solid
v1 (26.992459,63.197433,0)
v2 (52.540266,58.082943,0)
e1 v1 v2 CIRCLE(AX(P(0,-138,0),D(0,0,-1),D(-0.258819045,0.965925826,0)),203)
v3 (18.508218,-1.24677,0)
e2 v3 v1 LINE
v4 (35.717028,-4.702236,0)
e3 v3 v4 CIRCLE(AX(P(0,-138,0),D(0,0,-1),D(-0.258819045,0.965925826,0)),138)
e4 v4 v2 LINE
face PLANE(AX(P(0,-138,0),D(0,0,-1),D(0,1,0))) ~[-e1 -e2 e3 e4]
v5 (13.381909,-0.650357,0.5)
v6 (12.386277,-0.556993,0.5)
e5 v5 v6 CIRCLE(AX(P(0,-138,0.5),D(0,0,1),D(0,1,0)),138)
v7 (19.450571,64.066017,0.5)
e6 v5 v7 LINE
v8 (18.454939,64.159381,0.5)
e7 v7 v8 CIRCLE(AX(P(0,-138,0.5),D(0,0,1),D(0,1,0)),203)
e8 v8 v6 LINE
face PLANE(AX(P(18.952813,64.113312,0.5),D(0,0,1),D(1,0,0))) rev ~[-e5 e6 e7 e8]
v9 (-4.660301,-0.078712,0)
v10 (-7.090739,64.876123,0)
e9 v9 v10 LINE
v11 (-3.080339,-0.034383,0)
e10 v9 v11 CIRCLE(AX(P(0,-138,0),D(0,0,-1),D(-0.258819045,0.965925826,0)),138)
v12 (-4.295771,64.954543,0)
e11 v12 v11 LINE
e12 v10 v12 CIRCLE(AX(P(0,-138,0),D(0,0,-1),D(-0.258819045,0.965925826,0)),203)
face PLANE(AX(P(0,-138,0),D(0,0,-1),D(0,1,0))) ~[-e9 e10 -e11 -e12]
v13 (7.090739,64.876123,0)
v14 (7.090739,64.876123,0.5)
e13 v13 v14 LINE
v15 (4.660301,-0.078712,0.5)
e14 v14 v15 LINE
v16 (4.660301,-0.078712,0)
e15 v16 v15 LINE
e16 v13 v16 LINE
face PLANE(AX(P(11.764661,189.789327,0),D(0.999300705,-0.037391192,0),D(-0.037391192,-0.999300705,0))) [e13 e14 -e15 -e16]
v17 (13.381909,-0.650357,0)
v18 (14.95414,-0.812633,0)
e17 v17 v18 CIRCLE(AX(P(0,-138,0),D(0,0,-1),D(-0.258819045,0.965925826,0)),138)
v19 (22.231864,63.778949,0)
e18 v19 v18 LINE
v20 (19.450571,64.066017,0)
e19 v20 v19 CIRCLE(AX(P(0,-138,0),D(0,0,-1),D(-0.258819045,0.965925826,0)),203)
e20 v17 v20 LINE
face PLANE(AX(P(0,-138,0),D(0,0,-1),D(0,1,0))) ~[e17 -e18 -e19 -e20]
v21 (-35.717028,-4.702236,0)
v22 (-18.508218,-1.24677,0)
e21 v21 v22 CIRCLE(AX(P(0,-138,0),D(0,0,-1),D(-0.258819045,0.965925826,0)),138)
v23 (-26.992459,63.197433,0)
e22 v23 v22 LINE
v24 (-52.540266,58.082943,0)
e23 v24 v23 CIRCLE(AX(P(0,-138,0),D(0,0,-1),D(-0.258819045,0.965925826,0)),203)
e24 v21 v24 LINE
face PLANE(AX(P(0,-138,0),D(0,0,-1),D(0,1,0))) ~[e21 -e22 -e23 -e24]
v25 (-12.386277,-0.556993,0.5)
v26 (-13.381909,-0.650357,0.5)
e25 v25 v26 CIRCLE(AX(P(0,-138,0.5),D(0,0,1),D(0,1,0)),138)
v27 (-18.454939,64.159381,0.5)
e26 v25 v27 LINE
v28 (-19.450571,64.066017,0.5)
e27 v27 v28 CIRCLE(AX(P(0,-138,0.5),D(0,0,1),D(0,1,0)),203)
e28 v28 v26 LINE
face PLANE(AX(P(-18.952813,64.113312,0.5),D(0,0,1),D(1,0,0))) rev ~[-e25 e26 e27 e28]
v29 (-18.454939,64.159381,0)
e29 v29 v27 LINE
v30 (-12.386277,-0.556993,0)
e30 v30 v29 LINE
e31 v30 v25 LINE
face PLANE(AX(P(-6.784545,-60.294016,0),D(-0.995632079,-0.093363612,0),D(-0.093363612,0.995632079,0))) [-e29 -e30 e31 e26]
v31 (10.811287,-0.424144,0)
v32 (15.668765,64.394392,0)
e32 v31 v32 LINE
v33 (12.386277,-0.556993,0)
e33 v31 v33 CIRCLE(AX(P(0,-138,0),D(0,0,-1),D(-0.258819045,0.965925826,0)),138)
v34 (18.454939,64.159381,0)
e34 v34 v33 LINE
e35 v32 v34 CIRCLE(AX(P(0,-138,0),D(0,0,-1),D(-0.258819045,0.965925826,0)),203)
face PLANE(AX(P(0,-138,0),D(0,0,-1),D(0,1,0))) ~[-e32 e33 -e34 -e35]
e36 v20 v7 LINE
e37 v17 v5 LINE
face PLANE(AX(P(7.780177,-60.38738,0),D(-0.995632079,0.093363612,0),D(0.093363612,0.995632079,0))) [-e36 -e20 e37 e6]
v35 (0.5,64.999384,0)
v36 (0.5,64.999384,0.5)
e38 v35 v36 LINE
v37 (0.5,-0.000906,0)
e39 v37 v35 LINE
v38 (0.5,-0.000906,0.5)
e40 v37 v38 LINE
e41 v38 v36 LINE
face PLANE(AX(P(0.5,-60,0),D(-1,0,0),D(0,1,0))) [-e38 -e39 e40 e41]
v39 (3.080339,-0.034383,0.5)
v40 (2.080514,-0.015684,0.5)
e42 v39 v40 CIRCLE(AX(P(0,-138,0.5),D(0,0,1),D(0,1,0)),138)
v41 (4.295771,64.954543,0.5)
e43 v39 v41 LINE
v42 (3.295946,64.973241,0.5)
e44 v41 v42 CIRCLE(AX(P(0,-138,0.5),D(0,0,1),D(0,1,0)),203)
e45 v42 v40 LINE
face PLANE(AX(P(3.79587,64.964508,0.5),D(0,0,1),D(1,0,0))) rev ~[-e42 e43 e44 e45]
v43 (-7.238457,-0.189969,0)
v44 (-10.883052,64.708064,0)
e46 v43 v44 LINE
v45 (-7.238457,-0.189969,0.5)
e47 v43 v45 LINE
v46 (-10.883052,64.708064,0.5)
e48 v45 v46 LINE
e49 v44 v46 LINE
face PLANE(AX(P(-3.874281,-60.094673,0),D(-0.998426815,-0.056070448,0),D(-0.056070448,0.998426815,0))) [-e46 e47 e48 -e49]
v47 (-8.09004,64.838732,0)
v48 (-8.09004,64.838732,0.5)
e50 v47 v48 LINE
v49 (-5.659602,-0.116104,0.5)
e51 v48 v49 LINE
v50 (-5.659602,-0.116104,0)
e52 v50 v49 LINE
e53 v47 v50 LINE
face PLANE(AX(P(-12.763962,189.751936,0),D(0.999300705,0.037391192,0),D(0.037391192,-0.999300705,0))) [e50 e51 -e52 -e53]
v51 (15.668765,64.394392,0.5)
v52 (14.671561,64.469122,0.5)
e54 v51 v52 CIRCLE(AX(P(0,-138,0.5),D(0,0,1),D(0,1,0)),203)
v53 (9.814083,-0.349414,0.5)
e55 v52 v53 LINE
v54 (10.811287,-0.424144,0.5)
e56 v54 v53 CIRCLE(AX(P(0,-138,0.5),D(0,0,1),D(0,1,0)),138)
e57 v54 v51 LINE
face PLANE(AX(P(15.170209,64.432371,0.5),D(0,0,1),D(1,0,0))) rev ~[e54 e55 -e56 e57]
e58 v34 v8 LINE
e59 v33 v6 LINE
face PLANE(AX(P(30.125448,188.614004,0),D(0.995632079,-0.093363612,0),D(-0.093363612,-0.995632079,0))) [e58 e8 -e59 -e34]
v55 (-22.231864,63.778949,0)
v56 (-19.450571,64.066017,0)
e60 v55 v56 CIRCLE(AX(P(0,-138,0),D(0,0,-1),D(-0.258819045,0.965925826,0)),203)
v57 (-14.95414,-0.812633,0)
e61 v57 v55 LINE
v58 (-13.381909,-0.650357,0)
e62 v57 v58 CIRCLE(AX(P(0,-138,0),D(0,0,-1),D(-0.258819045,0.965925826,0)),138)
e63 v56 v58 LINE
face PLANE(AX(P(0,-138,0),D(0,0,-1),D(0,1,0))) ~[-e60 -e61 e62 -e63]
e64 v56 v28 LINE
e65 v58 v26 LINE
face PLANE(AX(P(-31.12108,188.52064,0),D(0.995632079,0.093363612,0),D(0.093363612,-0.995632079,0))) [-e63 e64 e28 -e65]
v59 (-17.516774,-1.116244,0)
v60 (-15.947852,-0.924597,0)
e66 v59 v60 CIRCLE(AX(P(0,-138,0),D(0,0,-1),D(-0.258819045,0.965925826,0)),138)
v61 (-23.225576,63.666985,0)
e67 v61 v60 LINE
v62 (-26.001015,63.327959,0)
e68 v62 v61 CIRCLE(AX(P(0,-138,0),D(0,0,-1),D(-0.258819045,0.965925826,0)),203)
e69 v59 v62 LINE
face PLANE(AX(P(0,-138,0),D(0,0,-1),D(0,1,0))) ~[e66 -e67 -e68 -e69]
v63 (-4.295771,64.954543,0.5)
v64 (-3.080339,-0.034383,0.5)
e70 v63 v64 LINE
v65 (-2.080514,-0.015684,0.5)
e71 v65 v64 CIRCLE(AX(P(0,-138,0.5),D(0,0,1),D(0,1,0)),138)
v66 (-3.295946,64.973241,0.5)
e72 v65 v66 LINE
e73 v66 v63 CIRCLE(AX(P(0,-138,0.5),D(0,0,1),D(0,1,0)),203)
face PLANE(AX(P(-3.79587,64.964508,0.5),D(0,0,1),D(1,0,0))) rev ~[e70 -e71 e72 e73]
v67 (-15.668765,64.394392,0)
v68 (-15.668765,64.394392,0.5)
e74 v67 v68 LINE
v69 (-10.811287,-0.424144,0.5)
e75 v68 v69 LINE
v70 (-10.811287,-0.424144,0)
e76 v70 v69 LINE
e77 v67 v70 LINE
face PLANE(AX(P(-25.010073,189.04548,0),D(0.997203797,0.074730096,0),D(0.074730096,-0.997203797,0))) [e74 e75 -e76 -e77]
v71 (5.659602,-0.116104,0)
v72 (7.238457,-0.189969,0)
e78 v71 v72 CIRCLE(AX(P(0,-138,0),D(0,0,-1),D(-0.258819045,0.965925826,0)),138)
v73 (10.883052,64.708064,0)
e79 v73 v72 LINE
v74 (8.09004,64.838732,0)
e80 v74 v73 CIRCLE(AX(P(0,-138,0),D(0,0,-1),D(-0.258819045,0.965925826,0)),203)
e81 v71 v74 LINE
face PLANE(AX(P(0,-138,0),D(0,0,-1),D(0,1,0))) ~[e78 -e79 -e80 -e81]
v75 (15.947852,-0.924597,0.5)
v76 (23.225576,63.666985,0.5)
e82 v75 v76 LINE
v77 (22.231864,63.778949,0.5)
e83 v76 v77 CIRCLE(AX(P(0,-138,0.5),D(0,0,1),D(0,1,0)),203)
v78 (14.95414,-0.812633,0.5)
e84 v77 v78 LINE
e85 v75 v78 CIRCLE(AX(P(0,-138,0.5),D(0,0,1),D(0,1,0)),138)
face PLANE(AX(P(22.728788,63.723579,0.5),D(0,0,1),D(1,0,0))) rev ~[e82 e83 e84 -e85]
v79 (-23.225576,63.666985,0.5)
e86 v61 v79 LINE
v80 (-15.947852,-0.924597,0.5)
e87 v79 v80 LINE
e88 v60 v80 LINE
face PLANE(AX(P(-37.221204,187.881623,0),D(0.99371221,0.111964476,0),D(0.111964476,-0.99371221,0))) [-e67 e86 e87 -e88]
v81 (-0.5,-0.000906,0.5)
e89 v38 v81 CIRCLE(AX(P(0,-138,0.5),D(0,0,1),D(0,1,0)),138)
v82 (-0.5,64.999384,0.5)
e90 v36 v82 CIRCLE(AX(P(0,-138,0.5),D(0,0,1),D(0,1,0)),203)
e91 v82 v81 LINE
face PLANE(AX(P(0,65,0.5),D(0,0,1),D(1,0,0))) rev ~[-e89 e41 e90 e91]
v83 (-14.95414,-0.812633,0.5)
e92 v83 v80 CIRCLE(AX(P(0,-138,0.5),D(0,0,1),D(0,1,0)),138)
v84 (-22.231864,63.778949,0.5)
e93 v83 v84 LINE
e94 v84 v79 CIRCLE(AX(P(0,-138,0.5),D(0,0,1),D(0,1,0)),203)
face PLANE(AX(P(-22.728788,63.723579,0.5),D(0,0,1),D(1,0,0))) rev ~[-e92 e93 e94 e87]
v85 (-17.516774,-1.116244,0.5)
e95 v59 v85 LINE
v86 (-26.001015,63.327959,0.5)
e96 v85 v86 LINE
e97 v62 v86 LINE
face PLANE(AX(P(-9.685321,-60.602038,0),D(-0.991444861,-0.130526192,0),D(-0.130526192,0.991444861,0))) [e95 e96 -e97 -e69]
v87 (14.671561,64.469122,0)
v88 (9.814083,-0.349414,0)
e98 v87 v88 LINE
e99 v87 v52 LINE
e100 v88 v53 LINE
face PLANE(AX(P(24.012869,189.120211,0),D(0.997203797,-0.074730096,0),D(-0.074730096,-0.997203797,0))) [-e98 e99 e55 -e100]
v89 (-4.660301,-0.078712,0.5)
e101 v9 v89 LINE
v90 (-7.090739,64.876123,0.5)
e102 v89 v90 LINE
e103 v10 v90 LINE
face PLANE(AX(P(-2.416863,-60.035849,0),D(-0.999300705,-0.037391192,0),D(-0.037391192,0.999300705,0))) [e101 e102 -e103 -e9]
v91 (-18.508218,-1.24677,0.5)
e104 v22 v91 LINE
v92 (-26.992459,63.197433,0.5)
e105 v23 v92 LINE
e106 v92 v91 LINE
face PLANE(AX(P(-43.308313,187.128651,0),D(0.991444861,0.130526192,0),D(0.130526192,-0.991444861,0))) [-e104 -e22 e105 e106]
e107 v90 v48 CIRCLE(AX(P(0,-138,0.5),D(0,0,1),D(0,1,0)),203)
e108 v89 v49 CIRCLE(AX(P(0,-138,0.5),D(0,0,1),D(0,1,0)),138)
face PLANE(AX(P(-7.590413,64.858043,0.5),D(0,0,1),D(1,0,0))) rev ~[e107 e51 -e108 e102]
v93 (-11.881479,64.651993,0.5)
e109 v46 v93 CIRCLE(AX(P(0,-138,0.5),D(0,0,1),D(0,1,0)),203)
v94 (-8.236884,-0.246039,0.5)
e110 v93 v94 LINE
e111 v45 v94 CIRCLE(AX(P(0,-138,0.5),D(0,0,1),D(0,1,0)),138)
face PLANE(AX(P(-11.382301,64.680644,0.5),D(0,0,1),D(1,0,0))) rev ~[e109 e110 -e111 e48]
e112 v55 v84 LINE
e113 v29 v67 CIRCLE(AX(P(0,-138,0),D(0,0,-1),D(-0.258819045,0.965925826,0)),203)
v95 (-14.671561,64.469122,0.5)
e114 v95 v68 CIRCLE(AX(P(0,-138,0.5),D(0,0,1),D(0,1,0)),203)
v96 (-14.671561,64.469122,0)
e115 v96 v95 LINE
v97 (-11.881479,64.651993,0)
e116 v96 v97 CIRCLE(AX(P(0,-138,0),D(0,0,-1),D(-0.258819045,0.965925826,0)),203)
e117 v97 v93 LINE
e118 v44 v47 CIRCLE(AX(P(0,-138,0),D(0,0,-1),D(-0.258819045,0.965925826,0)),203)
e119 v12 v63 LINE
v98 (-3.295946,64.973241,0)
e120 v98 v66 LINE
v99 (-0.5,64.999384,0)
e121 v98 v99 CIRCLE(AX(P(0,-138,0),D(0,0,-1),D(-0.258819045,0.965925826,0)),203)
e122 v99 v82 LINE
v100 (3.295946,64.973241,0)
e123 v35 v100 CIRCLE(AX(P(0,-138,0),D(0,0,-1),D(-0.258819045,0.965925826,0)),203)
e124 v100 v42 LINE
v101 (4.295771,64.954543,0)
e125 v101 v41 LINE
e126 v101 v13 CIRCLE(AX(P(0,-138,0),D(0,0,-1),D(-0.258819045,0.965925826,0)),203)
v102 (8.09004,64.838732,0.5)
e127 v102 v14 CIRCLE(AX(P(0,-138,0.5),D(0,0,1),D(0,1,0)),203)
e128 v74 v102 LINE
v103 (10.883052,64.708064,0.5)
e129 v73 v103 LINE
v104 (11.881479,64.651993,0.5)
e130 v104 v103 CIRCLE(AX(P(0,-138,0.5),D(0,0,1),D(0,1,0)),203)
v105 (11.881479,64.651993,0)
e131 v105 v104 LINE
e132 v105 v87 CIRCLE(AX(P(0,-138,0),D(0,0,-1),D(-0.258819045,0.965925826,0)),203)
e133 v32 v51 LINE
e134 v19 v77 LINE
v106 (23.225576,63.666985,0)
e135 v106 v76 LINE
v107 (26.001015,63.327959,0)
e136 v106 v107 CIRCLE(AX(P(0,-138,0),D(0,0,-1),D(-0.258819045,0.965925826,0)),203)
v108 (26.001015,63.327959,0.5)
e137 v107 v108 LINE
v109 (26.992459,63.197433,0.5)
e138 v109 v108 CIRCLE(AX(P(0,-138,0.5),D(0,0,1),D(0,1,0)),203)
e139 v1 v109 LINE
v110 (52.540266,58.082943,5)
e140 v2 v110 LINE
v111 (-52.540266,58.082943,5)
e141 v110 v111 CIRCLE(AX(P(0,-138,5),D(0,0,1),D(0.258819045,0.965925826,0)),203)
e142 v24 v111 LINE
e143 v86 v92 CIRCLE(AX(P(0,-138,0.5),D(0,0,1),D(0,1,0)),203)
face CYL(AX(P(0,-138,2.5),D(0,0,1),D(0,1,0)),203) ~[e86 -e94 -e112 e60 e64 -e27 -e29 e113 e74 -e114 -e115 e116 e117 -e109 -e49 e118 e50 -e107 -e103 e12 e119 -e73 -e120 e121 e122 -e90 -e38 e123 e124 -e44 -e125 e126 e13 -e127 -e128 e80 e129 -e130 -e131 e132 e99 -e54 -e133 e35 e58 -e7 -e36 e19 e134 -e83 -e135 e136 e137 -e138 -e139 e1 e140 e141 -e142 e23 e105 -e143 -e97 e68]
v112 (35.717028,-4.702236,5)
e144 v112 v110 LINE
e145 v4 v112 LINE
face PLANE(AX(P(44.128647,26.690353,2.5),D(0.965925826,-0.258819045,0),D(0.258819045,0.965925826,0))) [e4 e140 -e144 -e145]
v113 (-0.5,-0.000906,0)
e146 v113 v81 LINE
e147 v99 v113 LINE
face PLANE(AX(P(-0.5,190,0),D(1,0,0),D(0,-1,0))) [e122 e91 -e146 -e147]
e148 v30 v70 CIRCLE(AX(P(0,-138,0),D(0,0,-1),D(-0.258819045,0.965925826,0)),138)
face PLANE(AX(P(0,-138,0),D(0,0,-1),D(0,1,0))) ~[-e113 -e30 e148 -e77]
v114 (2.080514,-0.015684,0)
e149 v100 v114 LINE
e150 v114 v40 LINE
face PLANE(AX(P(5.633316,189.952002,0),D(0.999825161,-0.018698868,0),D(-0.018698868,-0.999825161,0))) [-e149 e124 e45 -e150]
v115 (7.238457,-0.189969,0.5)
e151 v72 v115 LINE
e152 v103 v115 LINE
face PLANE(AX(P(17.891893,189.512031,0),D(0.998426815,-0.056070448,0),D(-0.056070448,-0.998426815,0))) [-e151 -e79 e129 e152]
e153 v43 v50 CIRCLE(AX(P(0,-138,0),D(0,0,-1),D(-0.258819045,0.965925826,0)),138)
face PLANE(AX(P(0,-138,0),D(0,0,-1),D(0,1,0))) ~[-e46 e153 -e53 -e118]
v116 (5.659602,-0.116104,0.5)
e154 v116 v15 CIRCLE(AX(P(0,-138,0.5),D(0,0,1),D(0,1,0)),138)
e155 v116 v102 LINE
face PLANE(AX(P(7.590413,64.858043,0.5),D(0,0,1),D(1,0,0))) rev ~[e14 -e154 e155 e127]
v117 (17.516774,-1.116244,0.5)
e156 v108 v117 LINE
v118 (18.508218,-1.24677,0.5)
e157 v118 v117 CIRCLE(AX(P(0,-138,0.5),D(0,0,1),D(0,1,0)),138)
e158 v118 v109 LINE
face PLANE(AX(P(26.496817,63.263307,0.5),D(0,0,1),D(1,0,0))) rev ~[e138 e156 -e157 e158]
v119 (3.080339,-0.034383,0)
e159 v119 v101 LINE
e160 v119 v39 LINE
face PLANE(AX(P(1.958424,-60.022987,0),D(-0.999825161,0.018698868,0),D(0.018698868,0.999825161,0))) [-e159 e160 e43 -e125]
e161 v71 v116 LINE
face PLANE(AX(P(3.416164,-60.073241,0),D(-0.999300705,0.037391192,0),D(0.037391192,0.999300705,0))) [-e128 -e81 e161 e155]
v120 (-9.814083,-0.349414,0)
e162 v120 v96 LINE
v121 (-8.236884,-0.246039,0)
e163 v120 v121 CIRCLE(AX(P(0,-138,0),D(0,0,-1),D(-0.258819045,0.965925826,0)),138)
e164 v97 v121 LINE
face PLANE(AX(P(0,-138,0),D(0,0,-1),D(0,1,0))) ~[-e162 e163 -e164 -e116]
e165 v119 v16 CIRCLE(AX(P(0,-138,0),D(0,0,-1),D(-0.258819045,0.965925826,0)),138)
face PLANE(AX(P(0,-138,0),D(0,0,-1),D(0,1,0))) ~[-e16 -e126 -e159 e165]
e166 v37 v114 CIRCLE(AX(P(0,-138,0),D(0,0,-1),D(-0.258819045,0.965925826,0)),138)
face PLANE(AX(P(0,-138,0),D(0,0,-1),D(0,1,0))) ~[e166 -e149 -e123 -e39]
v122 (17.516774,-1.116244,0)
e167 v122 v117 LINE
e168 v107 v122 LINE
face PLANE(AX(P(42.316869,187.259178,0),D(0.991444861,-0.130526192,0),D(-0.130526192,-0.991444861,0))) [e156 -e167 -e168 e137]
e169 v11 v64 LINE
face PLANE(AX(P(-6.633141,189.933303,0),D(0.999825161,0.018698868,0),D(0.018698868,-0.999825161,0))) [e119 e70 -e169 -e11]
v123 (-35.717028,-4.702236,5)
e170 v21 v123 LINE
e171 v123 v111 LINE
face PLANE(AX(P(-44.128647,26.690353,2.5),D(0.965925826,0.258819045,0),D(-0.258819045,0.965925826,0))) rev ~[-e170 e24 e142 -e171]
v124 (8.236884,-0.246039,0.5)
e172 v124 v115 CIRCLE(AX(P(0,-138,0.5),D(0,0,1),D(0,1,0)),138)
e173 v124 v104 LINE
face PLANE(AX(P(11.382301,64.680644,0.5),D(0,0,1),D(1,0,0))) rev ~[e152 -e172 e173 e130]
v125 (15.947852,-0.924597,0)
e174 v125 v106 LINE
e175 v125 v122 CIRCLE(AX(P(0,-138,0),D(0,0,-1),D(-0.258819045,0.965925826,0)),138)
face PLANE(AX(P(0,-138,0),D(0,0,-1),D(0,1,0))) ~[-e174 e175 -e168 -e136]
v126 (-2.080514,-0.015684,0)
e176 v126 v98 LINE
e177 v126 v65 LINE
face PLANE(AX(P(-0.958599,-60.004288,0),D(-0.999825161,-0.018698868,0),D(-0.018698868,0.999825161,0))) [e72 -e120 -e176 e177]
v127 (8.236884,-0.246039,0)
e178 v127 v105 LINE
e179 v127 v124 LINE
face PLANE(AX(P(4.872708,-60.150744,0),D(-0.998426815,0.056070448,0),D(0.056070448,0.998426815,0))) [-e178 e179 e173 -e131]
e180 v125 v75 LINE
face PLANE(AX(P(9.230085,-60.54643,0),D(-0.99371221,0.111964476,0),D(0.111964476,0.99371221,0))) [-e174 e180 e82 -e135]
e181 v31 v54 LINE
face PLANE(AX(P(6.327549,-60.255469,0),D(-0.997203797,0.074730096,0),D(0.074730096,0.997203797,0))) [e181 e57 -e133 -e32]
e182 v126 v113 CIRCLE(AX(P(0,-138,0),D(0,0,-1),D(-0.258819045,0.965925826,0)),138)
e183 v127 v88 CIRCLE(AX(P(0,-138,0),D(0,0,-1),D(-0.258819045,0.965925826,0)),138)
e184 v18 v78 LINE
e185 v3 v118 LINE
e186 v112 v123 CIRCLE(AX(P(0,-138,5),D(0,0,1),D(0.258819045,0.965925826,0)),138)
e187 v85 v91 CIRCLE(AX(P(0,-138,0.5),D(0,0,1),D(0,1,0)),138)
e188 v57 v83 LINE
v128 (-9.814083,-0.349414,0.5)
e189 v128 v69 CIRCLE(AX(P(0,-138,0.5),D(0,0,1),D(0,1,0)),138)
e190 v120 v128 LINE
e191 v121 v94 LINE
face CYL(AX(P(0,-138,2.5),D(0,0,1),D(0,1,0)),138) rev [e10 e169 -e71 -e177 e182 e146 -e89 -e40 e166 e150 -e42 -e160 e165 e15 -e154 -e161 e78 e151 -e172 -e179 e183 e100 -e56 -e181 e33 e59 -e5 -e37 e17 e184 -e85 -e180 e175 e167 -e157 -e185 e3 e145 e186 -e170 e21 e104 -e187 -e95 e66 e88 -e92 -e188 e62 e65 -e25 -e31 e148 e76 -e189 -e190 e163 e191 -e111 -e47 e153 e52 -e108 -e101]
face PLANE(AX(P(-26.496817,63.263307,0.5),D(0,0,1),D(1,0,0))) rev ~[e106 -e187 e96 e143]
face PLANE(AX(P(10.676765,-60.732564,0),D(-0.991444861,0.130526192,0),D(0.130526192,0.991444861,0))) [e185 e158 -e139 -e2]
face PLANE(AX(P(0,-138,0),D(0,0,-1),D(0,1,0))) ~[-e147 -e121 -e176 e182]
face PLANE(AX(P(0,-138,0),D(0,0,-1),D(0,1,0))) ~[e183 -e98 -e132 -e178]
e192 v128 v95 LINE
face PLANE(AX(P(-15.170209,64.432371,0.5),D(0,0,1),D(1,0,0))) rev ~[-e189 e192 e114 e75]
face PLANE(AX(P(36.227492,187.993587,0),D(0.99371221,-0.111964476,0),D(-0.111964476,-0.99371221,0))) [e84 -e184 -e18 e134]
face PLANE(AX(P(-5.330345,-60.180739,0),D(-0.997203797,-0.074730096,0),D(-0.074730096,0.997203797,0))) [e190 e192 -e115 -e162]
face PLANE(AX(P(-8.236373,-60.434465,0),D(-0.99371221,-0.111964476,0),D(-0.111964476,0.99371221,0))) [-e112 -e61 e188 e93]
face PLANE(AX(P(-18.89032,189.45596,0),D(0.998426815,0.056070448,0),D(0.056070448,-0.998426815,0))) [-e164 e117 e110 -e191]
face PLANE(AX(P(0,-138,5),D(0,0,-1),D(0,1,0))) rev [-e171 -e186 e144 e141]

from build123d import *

# Parameters (mm, degrees)
F0_W     = 65
F0_H     = 5
F1_ANGLE = 30
F3_DEPTH = 0.5


with BuildPart() as f1:
    # F0 (on Right) → F1 (revolve, symmetric)
    with BuildSketch(Plane.YZ) as f1_sk:
        with Locations((32.5, 2.5)):
            Rectangle(F0_W, F0_H)
    revolve(axis=Axis((0, -138, 15.424587), (0, 0, 1)), revolution_arc=F1_ANGLE / 2)
    revolve(f1_sk.sketch, axis=Axis((0, -138, 15.424587), (0, 0, -1)), revolution_arc=F1_ANGLE / 2)

    # F2 (on Top) → F3 (cut)
    with BuildSketch(Plane.XY):
        Polygon((-10.676765, -60.732564), (-10.181043, -60.667301), (-9.685321, -60.602038), (-42.316869, 187.259178), (-43.308313, 187.128651), align=None)
        Polygon((9.685321, -60.602038), (10.181043, -60.667301), (10.676765, -60.732564), (43.308313, 187.128651), (42.316869, 187.259178), align=None)
        Polygon((-9.230085, -60.54643), (-8.733229, -60.490448), (-8.236373, -60.434465), (-36.227492, 187.993587), (-37.221204, 187.881623), align=None)
        Polygon((-7.780177, -60.38738), (-7.282361, -60.340698), (-6.784545, -60.294016), (-30.125448, 188.614004), (-31.12108, 188.52064), align=None)
        Polygon((-6.327549, -60.255469), (-5.828947, -60.218104), (-5.330345, -60.180739), (-24.012869, 189.120211), (-25.010073, 189.04548), align=None)
        Polygon((-4.872708, -60.150744), (-4.373495, -60.122708), (-3.874281, -60.094673), (-17.891893, 189.512031), (-18.89032, 189.45596), align=None)
        Polygon((-3.416164, -60.073241), (-2.916513, -60.054545), (-2.416863, -60.035849), (-11.764661, 189.789327), (-12.763962, 189.751936), align=None)
        Polygon((-1.958424, -60.022987), (-1.458512, -60.013637), (-0.958599, -60.004288), (-5.633316, 189.952002), (-6.633141, 189.933303), align=None)
        Polygon((-0.5, -60), (0, -60), (0.5, -60), (0.5, 190), (-0.5, 190), align=None)
        Polygon((0.958599, -60.004288), (1.458512, -60.013637), (1.958424, -60.022987), (6.633141, 189.933303), (5.633316, 189.952002), align=None)
        Polygon((2.416863, -60.035849), (2.916513, -60.054545), (3.416164, -60.073241), (12.763962, 189.751936), (11.764661, 189.789327), align=None)
        Polygon((3.874281, -60.094673), (4.373495, -60.122708), (4.872708, -60.150744), (18.89032, 189.45596), (17.891893, 189.512031), align=None)
        Polygon((5.330345, -60.180739), (5.828947, -60.218104), (6.327549, -60.255469), (25.010073, 189.04548), (24.012869, 189.120211), align=None)
        Polygon((6.784545, -60.294016), (7.282361, -60.340698), (7.780177, -60.38738), (31.12108, 188.52064), (30.125448, 188.614004), align=None)
        Polygon((8.236373, -60.434465), (8.733229, -60.490448), (9.230085, -60.54643), (37.221204, 187.881623), (36.227492, 187.993587), align=None)
    extrude(amount=F3_DEPTH, mode=Mode.SUBTRACT)


solid = f1.part
